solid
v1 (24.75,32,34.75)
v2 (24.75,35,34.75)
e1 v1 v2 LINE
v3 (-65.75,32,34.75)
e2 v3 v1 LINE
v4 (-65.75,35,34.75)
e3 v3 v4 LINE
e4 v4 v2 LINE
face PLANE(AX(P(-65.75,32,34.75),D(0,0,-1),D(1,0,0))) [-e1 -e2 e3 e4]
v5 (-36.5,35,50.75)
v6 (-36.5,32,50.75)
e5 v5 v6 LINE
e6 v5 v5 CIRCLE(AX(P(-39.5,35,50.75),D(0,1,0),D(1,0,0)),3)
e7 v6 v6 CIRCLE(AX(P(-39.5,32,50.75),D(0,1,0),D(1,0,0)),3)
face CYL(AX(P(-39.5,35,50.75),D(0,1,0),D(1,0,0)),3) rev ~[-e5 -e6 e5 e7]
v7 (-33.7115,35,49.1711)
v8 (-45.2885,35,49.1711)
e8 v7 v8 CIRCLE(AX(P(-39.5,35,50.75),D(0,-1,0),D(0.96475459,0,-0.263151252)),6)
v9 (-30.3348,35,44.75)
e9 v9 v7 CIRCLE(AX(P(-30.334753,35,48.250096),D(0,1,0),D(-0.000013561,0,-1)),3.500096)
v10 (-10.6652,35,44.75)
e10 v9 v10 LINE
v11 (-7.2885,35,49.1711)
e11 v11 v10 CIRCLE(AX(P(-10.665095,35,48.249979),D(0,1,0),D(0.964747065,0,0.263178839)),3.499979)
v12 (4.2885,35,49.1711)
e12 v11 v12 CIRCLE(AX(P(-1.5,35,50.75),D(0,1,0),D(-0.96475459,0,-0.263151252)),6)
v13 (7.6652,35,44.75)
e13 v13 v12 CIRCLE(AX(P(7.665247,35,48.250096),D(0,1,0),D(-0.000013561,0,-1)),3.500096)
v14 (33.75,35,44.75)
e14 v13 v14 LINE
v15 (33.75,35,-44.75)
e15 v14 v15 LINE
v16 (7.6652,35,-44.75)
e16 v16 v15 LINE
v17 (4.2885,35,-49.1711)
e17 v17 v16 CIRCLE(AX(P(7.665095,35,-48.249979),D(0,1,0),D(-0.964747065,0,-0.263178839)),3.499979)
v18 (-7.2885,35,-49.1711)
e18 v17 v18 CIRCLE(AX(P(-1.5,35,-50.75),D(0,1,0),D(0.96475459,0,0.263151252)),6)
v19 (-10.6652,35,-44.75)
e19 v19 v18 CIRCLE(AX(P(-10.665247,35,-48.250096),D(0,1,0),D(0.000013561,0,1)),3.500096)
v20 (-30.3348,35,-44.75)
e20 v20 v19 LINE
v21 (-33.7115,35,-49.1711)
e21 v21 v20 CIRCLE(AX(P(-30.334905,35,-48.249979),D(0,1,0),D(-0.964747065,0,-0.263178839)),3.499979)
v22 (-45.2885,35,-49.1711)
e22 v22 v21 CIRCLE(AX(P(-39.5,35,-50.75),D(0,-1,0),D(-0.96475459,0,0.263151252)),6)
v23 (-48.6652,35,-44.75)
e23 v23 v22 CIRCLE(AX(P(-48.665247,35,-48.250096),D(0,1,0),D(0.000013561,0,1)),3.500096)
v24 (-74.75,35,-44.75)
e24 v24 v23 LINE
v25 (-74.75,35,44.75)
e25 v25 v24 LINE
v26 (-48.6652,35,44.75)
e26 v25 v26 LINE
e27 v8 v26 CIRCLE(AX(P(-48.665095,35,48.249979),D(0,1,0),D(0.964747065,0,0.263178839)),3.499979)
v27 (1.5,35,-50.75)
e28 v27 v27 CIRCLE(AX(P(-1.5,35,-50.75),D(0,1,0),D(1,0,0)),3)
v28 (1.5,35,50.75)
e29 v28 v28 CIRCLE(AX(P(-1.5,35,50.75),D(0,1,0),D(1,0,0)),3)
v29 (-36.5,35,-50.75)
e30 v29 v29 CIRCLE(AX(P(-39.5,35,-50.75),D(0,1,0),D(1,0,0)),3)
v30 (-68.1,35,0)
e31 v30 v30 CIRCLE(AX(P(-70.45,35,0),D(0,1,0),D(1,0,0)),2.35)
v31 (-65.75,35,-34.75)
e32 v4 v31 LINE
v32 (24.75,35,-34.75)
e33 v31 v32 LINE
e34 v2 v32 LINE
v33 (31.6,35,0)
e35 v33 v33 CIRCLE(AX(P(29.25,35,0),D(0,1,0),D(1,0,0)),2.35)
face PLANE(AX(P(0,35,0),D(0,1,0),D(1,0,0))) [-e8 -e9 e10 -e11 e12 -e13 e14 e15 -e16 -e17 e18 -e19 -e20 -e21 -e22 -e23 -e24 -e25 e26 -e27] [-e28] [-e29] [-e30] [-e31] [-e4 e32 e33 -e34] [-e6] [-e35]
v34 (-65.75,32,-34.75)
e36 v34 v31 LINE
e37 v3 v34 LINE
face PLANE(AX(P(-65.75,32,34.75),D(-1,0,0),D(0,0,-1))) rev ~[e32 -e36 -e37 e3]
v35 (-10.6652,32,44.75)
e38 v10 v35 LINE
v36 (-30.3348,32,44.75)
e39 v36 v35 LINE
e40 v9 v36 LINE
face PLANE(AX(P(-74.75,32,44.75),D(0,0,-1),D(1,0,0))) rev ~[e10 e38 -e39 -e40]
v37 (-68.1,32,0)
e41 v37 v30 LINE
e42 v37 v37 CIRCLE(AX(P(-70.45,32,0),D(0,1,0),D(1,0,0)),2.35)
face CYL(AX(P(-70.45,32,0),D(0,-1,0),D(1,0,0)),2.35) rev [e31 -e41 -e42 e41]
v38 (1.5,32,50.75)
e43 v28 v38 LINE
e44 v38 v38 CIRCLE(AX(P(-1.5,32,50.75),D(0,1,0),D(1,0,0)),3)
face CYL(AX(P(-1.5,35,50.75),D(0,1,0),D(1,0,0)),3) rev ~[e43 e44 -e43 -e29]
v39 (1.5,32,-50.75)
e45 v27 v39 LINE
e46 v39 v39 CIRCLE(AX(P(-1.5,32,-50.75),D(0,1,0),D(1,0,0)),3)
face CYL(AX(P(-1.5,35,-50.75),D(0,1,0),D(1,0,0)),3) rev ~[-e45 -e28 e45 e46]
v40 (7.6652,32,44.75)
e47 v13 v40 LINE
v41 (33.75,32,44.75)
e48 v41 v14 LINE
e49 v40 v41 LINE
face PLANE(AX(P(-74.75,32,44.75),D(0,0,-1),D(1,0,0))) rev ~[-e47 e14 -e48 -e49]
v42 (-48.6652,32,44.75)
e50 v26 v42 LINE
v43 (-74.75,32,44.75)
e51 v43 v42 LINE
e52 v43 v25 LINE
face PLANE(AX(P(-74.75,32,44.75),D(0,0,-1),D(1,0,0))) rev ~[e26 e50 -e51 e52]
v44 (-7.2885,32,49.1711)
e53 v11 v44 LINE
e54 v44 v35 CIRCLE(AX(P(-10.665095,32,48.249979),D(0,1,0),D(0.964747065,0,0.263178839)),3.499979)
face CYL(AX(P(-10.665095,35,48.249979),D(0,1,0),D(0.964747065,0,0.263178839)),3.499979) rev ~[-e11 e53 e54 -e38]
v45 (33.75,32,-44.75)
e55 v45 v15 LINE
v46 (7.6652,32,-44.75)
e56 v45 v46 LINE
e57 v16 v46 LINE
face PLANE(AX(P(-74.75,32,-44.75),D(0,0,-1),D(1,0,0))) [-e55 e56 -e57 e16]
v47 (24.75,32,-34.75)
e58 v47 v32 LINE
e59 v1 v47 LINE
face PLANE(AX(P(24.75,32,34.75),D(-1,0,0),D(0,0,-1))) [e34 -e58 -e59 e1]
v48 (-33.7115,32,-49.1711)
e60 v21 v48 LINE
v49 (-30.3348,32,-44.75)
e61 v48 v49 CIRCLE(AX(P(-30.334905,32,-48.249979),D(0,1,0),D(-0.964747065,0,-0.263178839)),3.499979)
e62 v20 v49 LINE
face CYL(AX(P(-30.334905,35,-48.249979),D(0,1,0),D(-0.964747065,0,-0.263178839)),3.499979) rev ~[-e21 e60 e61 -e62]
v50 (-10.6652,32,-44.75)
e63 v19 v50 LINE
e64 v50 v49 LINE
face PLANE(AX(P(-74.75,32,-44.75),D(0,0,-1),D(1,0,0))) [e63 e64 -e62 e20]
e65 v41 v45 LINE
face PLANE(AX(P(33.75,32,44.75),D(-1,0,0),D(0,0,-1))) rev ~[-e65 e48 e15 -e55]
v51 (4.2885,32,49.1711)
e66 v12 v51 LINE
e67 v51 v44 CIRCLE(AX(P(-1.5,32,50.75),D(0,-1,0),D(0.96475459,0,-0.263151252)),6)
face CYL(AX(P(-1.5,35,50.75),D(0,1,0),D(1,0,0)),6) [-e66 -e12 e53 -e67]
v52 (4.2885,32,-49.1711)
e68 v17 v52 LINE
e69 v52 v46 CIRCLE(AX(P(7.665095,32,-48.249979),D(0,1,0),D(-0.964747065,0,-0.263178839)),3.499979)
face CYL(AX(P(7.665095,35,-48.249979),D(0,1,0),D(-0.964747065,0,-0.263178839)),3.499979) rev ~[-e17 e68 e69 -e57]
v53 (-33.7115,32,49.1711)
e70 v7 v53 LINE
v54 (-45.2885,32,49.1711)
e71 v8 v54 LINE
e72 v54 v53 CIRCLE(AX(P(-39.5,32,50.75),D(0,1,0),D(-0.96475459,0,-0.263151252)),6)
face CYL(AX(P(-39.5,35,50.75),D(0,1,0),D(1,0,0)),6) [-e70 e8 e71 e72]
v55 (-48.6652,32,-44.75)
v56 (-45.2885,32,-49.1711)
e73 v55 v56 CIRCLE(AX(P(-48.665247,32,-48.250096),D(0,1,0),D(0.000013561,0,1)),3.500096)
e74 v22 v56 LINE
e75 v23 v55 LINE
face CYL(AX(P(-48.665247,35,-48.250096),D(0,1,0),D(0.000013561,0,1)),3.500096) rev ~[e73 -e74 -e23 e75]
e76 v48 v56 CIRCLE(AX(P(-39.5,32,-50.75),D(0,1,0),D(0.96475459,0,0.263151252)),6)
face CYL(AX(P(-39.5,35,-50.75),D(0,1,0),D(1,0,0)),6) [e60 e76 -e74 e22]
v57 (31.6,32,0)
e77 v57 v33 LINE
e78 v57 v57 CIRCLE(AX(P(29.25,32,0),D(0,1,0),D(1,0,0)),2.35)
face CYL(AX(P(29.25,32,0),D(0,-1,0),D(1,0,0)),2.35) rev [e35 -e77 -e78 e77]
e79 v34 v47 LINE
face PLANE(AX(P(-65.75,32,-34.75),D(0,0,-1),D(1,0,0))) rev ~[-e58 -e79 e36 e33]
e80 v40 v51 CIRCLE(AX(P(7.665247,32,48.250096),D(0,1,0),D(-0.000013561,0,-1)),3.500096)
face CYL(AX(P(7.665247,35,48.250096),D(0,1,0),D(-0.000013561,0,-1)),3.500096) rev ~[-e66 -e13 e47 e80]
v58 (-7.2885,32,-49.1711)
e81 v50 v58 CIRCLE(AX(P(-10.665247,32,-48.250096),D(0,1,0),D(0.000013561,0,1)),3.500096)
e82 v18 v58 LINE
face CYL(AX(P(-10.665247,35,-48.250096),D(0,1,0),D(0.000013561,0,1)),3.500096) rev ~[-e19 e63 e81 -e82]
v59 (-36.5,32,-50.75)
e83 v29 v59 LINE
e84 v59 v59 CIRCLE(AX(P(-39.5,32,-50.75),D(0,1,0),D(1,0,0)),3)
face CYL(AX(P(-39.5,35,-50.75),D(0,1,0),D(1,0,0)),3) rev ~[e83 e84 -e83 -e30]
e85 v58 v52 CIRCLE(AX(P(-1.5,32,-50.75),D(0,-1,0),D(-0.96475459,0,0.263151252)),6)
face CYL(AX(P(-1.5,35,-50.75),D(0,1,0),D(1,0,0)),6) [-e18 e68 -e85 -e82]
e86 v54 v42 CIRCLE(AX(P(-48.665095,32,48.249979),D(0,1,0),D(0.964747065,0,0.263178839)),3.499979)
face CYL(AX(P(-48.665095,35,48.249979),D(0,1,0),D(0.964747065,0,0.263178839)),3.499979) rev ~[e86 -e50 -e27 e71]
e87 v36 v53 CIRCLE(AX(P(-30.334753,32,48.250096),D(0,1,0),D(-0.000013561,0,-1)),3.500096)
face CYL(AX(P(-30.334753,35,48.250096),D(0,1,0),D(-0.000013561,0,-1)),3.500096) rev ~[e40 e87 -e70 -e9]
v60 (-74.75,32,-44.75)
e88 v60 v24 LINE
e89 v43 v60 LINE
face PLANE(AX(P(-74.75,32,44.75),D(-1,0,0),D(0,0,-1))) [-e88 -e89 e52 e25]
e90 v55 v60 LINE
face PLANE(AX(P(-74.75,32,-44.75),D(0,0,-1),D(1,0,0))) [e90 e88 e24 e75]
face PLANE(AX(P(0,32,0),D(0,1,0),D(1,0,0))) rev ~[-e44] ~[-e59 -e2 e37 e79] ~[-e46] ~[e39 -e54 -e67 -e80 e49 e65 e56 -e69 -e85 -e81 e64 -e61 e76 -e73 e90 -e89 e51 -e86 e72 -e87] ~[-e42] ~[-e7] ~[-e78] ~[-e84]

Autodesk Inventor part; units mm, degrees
ref_plane "YZ Plane" through (0, 0, 0) normal (1, 0, 0) x (0, 1, 0)
ref_plane "XY Plane" through (0, 0, 0) normal (0, 0, 1) x (1, 0, 0)
ref_plane "Work Plane4" through (0, 32, 0) normal (0, 1, 0) x (-1, 0, 0)
sketch "Sketch1" plane through (0, 0, 0) normal (0, 1, 0) x (-1, 0, 0)
  line L0 (33.75, 44.75) -> (-33.75, 44.75)
  line L1 (-33.75, 44.75) -> (-33.75, -44.75)
  line L2 (-33.75, -44.75) -> (33.75, -44.75)
  line L3 (33.75, -44.75) -> (33.75, 44.75)
  line L4 (21.75, -36.75) -> (-21.75, -36.75)
  line L5 (21.75, 36.75) -> (-21.75, 36.75)
  line L6 (21.75, 36.75) -> (21.75, -36.75)
  line L7 (-21.75, 36.75) -> (-21.75, -36.75)
  line L8 (33.75, -41.75) -> (-33.75, -41.75)
  line L9 (33.75, 41.75) -> (-33.75, 41.75)
  line L10 (-6.7955, 36.75) -> (21.75, 0)
  line L11 (21.75, 0) -> (0, -36.75)
  point P0 (0, 0)
  point P1 (-33.75, 0)
  dimension "d0" = 83.5
  dimension "d1" = 3
  dimension "d2" = 3
  dimension "d4" = 5
  dimension "d5" = 5
  dimension "d6" = 12
  dimension "d7" = 12
  dimension "d8" = 67.5
  dimension "d9" = 33.75
  dimension "d10" = 41.75
sketch "Sketch2" plane through (0, 32, 0) normal (0, 1, 0) x (1, 0, 0)
  line L0 (-65.75, 34.75) -> (24.75, 34.75)
  line L1 (-65.75, -34.75) -> (24.75, -34.75)
  line L2 (24.75, -34.75) -> (24.75, 34.75)
  line L3 (-65.75, -34.75) -> (-65.75, 34.75)
  line L4 (-74.75, -44.75) -> (-74.75, 44.75)
  line L5 (33.75, -44.75) -> (33.75, 44.75) projected
  line L6 (33.75, 44.75) -> (-33.75, 44.75) projected
  line L7 (-74.75, -44.75) -> (33.75, -44.75)
  line L8 (-74.75, 44.75) -> (33.75, 44.75)
  dimension "d94" = 69.5
  dimension "d96" = 90.5
  dimension "d97" = 9
  dimension "d98" = 9
  dimension "d99" = 10
  dimension "d100" = 10
extrude "Extrusion3" add sketch "Sketch2" along normal blind 3
sketch "Sketch3" plane through (0, 32, 0) normal (0, 1, 0) x (1, 0, 0)
  circle A0 centre (29.25, 0) radius 4.5
  circle A1 centre (-70.45, 0) radius 4.5
  circle A2 centre (-70.45, 0) radius 2.35
  circle A3 centre (29.25, 0) radius 2.35
  line L0 (33.75, -44.75) -> (33.75, 44.75)
  point P0 (0, 0)
  dimension "d24" = 9
  dimension "d27" = 4.7
  dimension "d43" = 99.7
  dimension "d44" = 4.5
extrude "Extrusion5" cut sketch "Sketch3" along normal blind 3 contours A2 | A3
sketch "Sketch9" plane through (0, 35, 0) normal (0, 1, 0) x (1, 0, 0)
  circle A0 centre (-39.5, -50.75) radius 3
  circle A1 centre (-39.5, -50.75) radius 6
  line L0 (-74.75, -44.75) -> (33.75, -44.75) projected
  circle A2 centre (-1.5, -50.75) radius 3
  circle A3 centre (-1.5, -50.75) radius 6
  arc A4 (7.6652, -44.75) -> (4.2885, -49.1711) centre (7.6652, -48.25) ccw
  arc A5 (-7.2885, -49.1711) -> (-10.6652, -44.75) centre (-10.6652, -48.25) ccw
  arc A6 (-30.3348, -44.75) -> (-33.7115, -49.1711) centre (-30.3348, -48.25) ccw
  arc A7 (-45.2885, -49.1711) -> (-48.6652, -44.75) centre (-48.6652, -48.25) ccw
  line L1 (33.75, -44.75) -> (33.75, 44.75) projected
  line L2 (-74.75, 44.75) -> (-74.75, -44.75) projected
  line L3 (64.0405, 0) -> (-151.031, 0) construction
  circle A8 centre (-39.5, 50.75) radius 3
  circle A9 centre (-39.5, 50.75) radius 6
  circle A10 centre (-1.5, 50.75) radius 3
  circle A11 centre (-1.5, 50.75) radius 6
  arc A12 (4.2885, 49.1711) -> (7.6652, 44.75) centre (7.6652, 48.25) ccw
  arc A13 (-10.6652, 44.75) -> (-7.2885, 49.1711) centre (-10.6652, 48.25) ccw
  arc A14 (-33.7115, 49.1711) -> (-30.3348, 44.75) centre (-30.3348, 48.25) ccw
  arc A15 (-48.6652, 44.75) -> (-45.2885, 49.1711) centre (-48.6652, 48.25) ccw
  line L4 (33.75, 44.75) -> (-74.75, 44.75) projected
  point P0 (0, 0)
  dimension "d101" = 6
  dimension "d102" = 12
  dimension "d103" = 38
  dimension "d104" = 7
  dimension "d105" = 108.5
  dimension "d106" = 35.25
extrude "Extrusion10" add sketch "Sketch9" against normal blind 3 contours A1 | A1 L0 A6 | A7 L0 A1 | L0 A3 A5 | L0 A4 A3 | A3 | A15 A9 L4 | A9 | A9 A14 L4 | L4 A11 A12 | A13 A11 L4 | A11
equation "\"d9\" = 0.5 * d8"
equation "\"d10\" = 0.5 * d0"
equation "\"d44\" = 0.5 * d24"
equation "\"d2\" = d1"
equation "\"d5\" = d4"
equation "\"d7\" = d6"
properties part number "CO-1-02-fuseMount"
